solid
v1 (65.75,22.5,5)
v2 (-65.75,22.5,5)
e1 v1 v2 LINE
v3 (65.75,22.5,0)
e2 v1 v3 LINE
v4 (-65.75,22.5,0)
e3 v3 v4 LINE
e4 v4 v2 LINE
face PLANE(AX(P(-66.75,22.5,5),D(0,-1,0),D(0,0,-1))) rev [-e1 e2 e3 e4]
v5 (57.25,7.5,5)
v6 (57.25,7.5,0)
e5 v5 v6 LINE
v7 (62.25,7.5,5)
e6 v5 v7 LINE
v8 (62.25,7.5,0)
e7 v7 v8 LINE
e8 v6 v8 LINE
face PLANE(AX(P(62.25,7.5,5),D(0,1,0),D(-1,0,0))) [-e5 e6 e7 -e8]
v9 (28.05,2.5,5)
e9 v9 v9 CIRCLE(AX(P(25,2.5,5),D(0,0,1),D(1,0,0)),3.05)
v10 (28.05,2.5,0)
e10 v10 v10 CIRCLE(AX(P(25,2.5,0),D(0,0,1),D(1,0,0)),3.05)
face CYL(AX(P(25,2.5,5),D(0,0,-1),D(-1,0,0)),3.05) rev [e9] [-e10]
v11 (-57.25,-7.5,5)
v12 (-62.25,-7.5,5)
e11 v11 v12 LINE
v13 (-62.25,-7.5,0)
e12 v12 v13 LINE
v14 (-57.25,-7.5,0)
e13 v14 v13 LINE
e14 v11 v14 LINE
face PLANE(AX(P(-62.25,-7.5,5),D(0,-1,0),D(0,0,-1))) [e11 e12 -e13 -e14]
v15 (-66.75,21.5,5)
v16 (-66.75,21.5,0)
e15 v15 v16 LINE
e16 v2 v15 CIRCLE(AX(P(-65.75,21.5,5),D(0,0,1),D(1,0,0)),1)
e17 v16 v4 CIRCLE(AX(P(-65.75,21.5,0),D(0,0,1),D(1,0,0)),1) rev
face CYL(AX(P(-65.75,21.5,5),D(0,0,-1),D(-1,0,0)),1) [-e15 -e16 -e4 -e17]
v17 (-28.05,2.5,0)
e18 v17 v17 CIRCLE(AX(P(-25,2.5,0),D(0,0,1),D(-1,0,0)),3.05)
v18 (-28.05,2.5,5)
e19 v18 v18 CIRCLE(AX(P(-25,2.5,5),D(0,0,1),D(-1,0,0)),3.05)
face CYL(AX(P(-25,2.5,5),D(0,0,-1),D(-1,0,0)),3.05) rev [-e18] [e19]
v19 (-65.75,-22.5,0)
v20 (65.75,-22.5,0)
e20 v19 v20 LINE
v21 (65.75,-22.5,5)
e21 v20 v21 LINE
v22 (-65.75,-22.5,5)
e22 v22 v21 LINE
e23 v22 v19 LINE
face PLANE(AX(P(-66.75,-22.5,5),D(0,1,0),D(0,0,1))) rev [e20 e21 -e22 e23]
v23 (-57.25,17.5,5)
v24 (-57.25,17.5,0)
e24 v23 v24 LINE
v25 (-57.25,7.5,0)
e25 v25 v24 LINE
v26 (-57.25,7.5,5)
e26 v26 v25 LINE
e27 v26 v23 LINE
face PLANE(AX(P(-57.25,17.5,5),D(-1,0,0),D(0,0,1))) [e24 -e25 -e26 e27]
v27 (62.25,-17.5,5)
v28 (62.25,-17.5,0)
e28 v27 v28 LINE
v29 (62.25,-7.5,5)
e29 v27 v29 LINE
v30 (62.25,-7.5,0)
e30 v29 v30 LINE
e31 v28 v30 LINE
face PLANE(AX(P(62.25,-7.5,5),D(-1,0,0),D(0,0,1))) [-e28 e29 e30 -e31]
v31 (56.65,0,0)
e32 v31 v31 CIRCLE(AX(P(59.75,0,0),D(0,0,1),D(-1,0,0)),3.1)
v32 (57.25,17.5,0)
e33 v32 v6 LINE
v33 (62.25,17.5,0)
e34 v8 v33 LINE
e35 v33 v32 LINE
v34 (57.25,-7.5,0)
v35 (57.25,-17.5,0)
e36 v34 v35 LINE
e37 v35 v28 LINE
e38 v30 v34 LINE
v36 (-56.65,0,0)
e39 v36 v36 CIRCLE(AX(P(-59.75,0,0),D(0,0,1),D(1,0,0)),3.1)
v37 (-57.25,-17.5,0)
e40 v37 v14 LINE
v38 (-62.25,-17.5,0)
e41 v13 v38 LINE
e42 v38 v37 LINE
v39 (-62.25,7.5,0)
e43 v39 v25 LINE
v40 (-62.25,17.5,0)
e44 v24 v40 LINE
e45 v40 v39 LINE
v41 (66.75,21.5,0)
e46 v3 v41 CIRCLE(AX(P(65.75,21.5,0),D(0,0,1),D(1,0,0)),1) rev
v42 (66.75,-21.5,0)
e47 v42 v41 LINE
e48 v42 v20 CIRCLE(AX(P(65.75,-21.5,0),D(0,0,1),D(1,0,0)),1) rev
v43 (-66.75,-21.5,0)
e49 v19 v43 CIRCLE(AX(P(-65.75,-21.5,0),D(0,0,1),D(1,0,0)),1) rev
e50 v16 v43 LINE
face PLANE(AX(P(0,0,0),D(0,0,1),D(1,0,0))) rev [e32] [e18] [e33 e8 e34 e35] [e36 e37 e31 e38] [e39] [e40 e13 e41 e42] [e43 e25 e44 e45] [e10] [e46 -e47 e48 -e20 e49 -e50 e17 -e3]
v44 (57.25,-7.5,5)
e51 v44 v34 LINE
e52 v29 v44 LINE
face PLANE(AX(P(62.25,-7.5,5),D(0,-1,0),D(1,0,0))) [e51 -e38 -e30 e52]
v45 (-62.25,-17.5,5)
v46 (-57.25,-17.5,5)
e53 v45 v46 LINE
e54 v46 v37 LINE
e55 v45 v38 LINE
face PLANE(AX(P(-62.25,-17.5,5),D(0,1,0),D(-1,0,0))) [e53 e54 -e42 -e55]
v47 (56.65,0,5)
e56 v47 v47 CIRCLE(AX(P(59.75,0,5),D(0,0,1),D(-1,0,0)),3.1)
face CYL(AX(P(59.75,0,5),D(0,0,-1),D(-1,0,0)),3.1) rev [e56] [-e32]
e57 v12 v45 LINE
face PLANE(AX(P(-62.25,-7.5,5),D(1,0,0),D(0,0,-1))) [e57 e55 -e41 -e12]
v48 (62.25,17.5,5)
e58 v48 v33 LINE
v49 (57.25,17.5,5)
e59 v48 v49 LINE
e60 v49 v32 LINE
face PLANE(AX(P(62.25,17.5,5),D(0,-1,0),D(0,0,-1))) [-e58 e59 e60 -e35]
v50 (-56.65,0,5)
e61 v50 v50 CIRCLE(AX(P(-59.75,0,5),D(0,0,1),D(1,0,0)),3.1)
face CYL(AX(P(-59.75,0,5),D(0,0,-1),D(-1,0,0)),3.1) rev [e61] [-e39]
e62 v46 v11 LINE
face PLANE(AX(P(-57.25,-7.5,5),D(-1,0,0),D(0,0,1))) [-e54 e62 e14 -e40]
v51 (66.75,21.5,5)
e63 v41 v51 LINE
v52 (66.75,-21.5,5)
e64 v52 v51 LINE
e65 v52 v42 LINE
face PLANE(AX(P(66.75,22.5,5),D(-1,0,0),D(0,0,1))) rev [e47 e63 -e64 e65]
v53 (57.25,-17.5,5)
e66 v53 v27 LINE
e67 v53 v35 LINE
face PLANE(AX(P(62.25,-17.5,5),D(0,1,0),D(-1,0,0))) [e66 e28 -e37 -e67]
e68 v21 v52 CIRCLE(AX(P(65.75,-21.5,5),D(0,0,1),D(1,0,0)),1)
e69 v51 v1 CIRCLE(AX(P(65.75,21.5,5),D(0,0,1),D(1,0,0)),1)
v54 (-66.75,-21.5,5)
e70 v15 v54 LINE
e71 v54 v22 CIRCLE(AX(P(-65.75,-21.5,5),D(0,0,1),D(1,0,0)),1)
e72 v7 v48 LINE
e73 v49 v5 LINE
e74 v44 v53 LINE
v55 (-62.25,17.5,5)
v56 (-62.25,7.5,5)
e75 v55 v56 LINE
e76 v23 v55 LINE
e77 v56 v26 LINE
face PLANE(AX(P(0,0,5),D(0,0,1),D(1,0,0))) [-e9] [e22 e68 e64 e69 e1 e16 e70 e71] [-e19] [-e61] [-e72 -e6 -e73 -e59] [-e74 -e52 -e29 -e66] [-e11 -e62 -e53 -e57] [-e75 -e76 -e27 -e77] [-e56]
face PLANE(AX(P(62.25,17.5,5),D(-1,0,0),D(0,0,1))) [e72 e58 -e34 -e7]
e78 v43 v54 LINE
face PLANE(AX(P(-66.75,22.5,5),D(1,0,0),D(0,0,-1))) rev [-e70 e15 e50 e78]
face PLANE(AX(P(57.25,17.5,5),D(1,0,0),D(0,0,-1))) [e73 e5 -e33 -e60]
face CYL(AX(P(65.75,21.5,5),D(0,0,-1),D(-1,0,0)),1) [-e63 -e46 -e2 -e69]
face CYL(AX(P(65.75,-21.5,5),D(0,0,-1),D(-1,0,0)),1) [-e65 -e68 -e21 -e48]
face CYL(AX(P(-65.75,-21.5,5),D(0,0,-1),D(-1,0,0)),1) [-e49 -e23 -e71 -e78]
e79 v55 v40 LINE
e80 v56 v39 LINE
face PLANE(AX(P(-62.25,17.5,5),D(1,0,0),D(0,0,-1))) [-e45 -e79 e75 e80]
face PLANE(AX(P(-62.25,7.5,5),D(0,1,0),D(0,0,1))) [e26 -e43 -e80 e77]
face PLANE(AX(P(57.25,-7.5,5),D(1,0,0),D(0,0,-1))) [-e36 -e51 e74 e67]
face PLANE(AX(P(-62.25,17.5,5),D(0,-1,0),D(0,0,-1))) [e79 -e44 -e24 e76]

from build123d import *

# Parameters (mm, degrees)
SKETCH1_W           = 133.5
SKETCH1_H           = 45
SKETCH1_R           = 3.05
SKETCH1_R_2         = 3.1
SKETCH1_W_2         = 5
SKETCH1_H_2         = 10
BOSS_EXTRUDE1_DEPTH = 5
FILLET1_R           = 1


with BuildPart() as part:
    # Sketch1 → Boss-Extrude1 (new body)
    with BuildSketch(Plane.XY):
        Rectangle(SKETCH1_W, SKETCH1_H)
        with Locations((25, 2.5)):
            Circle(SKETCH1_R, mode=Mode.SUBTRACT)
        with Locations(Location((-25, 2.5, 0), (0, 0, 180))):
            Circle(SKETCH1_R, mode=Mode.SUBTRACT)
        with Locations((-59.75, 0)):
            Circle(SKETCH1_R_2, mode=Mode.SUBTRACT)
        with Locations(Location((59.75, 0, 0), (0, 0, 180))):
            Circle(SKETCH1_R_2, mode=Mode.SUBTRACT)
        with Locations((-59.75, -12.5)):
            Rectangle(SKETCH1_W_2, SKETCH1_H_2, mode=Mode.SUBTRACT)
        with Locations((59.75, -12.5)):
            Rectangle(SKETCH1_W_2, SKETCH1_H_2, mode=Mode.SUBTRACT)
        with Locations((-59.75, 12.5)):
            Rectangle(SKETCH1_W_2, SKETCH1_H_2, mode=Mode.SUBTRACT)
        with Locations((59.75, 12.5)):
            Rectangle(SKETCH1_W_2, SKETCH1_H_2, mode=Mode.SUBTRACT)
    extrude(amount=BOSS_EXTRUDE1_DEPTH)

    # Fillet1
    fillet1_edges = [part.edges().sort_by_distance(p)[0] for p in [
        (66.75, -22.5, 2.5),
        (-66.75, -22.5, 2.5),
        (-66.75, 22.5, 2.5),
        (66.75, 22.5, 2.5),
    ]]
    fillet(fillet1_edges, radius=FILLET1_R)


solid = part.part
